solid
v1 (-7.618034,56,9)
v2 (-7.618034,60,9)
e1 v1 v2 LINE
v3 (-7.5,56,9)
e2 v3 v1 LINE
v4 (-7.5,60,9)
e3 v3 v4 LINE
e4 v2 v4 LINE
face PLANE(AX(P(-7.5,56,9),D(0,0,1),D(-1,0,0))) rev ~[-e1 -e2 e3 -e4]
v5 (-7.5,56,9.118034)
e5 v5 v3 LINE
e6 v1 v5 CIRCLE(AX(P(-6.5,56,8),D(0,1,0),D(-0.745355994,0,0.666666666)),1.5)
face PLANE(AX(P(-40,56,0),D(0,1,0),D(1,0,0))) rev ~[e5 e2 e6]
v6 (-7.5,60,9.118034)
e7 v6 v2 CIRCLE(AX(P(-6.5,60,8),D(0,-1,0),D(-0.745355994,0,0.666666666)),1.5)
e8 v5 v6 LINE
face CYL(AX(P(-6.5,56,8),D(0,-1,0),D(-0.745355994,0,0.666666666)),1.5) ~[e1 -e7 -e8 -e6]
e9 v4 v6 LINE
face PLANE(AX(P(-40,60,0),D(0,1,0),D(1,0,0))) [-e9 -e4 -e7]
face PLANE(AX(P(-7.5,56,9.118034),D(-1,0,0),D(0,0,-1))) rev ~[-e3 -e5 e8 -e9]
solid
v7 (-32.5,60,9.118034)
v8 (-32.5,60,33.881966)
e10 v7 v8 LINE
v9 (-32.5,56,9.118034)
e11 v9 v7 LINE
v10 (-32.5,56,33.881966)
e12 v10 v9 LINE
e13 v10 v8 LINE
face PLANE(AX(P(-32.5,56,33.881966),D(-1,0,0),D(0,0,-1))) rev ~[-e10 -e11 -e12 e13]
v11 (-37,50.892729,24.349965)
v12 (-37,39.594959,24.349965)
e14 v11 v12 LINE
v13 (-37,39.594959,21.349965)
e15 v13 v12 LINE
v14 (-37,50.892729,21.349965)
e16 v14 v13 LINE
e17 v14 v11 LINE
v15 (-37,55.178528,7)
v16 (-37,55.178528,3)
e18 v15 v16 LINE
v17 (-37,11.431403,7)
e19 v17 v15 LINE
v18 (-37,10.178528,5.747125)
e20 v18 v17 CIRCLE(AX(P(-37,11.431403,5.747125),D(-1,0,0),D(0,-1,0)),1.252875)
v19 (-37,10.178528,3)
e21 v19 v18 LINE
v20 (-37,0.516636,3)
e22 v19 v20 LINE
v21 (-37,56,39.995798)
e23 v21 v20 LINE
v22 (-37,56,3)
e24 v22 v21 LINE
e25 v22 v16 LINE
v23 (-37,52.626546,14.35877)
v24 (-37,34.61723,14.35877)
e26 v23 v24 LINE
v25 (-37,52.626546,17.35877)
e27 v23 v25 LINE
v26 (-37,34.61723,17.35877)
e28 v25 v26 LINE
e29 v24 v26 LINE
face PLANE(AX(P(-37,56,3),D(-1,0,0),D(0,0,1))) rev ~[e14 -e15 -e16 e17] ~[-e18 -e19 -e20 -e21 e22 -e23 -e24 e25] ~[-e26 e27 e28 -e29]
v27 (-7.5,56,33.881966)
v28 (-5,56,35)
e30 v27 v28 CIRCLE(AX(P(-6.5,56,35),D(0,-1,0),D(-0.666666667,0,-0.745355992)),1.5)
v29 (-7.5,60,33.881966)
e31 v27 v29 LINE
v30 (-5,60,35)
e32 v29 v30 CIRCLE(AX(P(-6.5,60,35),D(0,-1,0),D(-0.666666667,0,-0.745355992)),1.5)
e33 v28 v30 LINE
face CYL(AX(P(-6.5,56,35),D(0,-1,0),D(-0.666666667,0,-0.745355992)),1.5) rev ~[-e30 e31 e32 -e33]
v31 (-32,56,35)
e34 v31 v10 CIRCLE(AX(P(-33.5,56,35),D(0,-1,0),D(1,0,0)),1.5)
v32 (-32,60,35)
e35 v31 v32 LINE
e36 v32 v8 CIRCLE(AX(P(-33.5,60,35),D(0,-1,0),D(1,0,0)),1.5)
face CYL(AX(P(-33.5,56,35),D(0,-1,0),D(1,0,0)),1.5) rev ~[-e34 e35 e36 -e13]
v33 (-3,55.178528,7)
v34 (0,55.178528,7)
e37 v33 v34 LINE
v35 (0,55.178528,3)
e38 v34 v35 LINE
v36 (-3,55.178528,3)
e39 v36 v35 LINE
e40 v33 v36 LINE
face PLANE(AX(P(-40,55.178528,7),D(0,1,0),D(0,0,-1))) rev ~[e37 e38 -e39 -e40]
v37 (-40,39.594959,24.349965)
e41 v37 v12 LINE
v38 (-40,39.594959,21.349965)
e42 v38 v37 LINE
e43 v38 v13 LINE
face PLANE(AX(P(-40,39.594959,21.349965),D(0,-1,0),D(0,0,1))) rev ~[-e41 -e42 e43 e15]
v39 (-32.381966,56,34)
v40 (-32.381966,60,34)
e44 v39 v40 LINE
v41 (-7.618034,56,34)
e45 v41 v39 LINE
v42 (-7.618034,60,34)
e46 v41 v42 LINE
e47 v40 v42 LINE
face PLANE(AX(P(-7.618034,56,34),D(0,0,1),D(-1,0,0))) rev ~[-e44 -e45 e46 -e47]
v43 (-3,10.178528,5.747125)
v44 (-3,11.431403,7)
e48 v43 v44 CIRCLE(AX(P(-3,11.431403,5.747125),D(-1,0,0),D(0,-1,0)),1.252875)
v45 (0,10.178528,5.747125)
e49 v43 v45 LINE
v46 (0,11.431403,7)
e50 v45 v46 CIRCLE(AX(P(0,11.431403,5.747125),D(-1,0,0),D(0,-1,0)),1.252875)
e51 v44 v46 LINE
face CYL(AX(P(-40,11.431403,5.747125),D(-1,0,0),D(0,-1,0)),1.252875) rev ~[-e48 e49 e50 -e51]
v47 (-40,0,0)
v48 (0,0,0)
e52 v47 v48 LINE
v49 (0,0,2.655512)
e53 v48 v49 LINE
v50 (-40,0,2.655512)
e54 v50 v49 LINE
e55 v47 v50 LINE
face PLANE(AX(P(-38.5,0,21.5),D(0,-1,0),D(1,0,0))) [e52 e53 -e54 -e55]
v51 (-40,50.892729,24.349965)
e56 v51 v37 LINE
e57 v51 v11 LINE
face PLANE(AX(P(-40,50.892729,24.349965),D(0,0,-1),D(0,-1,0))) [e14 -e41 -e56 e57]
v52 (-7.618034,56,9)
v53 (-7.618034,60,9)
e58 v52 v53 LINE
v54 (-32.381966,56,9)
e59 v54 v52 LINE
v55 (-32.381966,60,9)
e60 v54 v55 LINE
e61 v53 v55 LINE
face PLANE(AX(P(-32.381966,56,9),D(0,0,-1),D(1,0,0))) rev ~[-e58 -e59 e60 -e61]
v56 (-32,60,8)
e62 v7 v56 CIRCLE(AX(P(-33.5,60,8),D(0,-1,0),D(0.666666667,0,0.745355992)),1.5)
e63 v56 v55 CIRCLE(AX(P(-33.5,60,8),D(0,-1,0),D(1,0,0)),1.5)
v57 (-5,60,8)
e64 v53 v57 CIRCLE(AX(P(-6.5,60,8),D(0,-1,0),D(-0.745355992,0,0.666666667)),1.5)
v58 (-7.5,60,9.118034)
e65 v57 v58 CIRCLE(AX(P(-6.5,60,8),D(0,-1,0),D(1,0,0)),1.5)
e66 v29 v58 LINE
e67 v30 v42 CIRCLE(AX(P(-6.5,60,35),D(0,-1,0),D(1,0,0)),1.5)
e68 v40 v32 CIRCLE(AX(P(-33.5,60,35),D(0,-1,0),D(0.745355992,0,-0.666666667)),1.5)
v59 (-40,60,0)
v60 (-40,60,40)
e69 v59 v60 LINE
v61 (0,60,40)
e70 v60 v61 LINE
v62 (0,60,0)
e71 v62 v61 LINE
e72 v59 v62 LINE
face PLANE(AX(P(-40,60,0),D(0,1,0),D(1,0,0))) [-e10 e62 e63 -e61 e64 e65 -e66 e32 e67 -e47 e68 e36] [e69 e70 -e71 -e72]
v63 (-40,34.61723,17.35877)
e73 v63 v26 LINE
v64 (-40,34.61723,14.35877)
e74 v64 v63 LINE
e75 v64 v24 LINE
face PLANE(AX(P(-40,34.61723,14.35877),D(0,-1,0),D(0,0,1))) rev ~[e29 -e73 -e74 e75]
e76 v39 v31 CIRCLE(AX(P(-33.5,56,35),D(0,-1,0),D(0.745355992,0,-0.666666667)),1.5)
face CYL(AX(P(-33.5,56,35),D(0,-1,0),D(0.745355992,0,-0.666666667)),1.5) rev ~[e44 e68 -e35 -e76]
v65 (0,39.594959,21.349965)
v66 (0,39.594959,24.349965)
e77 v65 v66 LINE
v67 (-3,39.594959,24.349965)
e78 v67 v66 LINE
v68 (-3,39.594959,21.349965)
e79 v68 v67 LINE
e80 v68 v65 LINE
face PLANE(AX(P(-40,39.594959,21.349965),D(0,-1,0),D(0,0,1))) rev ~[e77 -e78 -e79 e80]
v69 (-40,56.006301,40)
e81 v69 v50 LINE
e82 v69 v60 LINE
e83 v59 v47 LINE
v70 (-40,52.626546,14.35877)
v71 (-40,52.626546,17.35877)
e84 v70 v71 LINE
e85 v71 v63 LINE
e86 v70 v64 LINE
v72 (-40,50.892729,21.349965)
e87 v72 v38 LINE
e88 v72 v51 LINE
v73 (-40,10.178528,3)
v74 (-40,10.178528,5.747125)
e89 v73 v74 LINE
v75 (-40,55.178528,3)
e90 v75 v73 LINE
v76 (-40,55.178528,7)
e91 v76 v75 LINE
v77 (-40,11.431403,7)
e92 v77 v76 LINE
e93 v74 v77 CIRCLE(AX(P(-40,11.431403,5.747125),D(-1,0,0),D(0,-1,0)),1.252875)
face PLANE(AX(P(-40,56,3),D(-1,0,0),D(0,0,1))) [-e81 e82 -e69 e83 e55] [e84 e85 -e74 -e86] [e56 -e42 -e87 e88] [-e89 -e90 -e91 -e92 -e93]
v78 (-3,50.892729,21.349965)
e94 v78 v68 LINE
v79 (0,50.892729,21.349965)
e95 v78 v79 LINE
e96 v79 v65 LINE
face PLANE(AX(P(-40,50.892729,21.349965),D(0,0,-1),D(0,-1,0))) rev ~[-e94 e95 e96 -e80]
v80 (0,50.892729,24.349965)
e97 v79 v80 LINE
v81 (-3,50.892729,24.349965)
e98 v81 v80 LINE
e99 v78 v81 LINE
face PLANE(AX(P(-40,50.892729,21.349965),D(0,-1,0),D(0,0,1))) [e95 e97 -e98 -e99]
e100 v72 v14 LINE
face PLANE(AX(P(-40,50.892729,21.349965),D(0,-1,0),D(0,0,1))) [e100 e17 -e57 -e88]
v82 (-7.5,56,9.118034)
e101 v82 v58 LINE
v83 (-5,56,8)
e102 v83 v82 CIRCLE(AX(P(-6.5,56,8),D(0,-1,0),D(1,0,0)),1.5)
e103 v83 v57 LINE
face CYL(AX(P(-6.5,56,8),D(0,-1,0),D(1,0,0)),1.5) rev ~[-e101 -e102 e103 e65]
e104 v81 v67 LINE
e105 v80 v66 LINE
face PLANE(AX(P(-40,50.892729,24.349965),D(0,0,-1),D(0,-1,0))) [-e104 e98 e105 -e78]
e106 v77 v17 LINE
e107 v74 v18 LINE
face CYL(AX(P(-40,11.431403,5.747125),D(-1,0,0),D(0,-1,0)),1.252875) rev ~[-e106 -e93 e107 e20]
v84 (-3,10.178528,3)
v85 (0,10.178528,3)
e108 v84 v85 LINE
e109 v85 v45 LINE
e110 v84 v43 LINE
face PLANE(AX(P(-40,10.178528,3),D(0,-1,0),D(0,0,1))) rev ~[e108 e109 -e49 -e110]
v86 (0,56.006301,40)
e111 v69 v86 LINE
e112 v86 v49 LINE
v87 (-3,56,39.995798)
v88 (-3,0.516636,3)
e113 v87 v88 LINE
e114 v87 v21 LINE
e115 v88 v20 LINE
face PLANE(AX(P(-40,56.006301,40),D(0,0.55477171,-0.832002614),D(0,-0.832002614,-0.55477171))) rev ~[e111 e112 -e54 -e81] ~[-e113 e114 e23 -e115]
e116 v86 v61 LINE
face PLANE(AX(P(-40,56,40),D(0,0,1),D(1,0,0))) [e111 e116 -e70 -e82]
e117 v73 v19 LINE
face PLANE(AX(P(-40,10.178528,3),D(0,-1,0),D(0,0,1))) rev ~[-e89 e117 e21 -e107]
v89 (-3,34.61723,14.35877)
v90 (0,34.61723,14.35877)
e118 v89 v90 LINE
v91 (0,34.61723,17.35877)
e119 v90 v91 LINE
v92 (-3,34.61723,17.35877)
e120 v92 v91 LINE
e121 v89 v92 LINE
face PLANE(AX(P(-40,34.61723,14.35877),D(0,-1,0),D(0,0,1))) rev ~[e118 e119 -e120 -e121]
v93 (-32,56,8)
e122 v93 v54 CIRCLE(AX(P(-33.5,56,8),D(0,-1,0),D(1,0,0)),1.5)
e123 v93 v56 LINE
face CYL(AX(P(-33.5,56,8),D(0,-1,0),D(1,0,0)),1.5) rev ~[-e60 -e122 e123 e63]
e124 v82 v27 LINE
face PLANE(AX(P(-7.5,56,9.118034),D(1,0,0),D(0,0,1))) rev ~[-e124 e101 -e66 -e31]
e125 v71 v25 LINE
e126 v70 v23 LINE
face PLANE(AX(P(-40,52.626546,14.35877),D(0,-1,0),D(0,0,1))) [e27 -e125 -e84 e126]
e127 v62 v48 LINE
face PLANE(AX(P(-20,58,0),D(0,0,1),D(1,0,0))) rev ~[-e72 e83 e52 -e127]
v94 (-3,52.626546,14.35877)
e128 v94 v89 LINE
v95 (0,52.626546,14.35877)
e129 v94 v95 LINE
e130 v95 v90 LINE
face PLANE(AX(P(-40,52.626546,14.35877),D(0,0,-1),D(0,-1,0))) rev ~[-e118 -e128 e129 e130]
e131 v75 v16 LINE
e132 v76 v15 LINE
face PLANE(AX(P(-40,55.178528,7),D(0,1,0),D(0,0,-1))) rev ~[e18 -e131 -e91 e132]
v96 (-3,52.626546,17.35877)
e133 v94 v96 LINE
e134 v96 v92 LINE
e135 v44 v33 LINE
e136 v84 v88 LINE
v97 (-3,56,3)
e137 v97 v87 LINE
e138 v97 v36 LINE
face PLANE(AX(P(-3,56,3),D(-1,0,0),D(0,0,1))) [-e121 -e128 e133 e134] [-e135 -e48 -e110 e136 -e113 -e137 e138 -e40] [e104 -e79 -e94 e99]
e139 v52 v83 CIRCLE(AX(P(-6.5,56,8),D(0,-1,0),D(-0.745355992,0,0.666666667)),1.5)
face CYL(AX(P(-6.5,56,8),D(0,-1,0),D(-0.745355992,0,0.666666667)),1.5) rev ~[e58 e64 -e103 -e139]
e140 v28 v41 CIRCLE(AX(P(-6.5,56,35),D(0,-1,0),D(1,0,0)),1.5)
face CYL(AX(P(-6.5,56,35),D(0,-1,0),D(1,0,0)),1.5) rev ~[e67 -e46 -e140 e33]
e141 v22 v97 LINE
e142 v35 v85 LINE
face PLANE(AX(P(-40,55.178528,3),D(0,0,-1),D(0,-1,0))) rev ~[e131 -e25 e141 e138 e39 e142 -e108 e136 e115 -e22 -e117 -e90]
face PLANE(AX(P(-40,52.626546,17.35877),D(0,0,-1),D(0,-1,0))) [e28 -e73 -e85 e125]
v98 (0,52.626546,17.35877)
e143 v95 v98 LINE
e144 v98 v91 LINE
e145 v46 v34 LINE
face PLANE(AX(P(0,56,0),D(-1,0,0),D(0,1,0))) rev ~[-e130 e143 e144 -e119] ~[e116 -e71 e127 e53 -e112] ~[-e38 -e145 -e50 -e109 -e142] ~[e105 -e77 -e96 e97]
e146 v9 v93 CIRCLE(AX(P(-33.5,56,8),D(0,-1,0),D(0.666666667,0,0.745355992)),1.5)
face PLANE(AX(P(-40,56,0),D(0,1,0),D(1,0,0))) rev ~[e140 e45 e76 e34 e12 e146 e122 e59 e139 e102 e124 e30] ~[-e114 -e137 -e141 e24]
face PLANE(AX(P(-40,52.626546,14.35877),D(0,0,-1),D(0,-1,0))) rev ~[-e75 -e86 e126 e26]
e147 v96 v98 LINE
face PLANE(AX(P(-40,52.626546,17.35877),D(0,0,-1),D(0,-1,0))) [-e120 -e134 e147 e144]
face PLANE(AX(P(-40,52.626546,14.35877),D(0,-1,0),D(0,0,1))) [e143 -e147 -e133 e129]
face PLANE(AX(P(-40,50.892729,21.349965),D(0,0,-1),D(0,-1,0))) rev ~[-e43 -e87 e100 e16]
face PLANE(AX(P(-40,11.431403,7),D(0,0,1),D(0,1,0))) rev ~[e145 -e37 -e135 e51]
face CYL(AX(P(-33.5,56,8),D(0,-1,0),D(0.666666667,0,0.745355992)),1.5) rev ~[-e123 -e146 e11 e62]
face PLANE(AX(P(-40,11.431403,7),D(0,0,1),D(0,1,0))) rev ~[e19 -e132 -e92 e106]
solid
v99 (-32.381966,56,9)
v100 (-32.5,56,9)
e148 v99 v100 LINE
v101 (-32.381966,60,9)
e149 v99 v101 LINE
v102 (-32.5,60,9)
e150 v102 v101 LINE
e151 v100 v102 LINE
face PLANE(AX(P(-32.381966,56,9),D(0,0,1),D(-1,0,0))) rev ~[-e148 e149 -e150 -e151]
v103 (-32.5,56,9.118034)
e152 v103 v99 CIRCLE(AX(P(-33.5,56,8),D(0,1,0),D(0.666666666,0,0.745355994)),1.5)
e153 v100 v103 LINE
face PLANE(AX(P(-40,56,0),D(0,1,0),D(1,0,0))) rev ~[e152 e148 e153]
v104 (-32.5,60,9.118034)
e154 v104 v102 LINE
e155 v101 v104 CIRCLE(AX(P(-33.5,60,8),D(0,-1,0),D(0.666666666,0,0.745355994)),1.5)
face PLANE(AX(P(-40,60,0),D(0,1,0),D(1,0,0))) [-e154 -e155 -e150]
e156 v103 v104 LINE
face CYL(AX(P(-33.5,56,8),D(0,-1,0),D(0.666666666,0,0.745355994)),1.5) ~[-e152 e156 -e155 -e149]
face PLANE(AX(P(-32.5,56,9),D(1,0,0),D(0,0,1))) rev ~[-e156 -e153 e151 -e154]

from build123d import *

# Parameters (mm, degrees)
F0_W      = 40
F0_H      = 56
F1_DEPTH  = 3
F0_H_2    = 4
F2_DEPTH  = 40
F3_W      = 3
F3_H      = 37
F4_DEPTH  = 56
F6_DEPTH  = 40.001
F8_DEPTH  = 4.001
F9_W      = 11.2977698445
F9_H      = 3
F9_W_2    = 18.0093161762
F10_DEPTH = 40.001


with BuildPart() as f1:
    # F0 (on Top) → F1 (new body)
    with BuildSketch(Plane.XY):
        with Locations((-20, 28)):
            Rectangle(F0_W, F0_H)
    extrude(amount=F1_DEPTH)

    # F0 (on Top) → F2 (join)
    with BuildSketch(Plane.XY):
        with Locations((-20, 58)):
            Rectangle(F0_W, F0_H_2)
    extrude(amount=F2_DEPTH)

    # F3 (on face) → F4 (join)
    with BuildSketch(Plane.XZ.offset(-56)):
        with Locations((-38.5, 21.5)):
            Rectangle(F3_W, F3_H)
        with Locations((-1.5, 21.5)):
            Rectangle(F3_W, F3_H)
    extrude(amount=F4_DEPTH)

    # F5 (on face) → F6 (cut, through all)
    with BuildSketch(Plane(origin=(-40, 0, 0), x_dir=(0, -1, 0), z_dir=(-1, 0, 0))):
        Polygon((0, 40), (-56.0063011944, 40), (0, 2.6555121876), align=None)
    extrude(amount=-F6_DEPTH, mode=Mode.SUBTRACT)

    # F7 (on face) → F8 (cut, through all)
    with BuildSketch(Plane.XZ.offset(-56)):
        with BuildLine():
            Line((-32.3819660113, 34), (-32.5, 34))
            Line((-32.5, 34), (-32.5, 33.8819660113))
            ThreePointArc((-32.5, 33.8819660113), (-32.4393398282, 33.9393398282), (-32.3819660113, 34))
        make_face()
        with BuildLine():
            Line((-7.6180339887, 34), (-32.3819660113, 34))
            ThreePointArc((-32.3819660113, 34), (-32.4393398282, 33.9393398282), (-32.5, 33.8819660113))
            Line((-32.5, 33.8819660113), (-32.5, 9.1180339887))
            ThreePointArc((-32.5, 9.1180339887), (-32.4393398282, 9.0606601718), (-32.3819660113, 9))
            Line((-32.3819660113, 9), (-7.6180339887, 9))
            ThreePointArc((-7.6180339887, 9), (-7.5606601718, 9.0606601718), (-7.5, 9.1180339887))
            Line((-7.5, 9.1180339887), (-7.5, 33.8819660113))
            ThreePointArc((-7.5, 33.8819660113), (-7.5606601718, 33.9393398282), (-7.6180339887, 34))
        make_face()
        with BuildLine():
            Line((-7.5, 34), (-7.6180339887, 34))
            ThreePointArc((-7.6180339887, 34), (-7.5606601718, 33.9393398282), (-7.5, 33.8819660113))
            Line((-7.5, 33.8819660113), (-7.5, 34))
        make_face()
        with BuildLine():
            Line((-32.5, 33.8819660113), (-32.5, 34))
            Line((-32.5, 34), (-32.3819660113, 34))
            ThreePointArc((-32.3819660113, 34), (-32.0987414616, 34.4647668653), (-32, 35))
            ThreePointArc((-32, 35), (-34.8693063938, 35.6123724357), (-32.5, 33.8819660113))
        make_face()
        with BuildLine():
            Line((-32.5, 9), (-32.5, 9.1180339887))
            ThreePointArc((-32.5, 9.1180339887), (-34.8693063938, 7.3876275643), (-32, 8))
            ThreePointArc((-32, 8), (-32.0987414616, 8.5352331347), (-32.3819660113, 9))
            Line((-32.3819660113, 9), (-32.5, 9))
        make_face()
        with BuildLine():
            ThreePointArc((-5, 35), (-7.0352331347, 36.4012585384), (-7.6180339887, 34))
            Line((-7.6180339887, 34), (-7.5, 34))
            Line((-7.5, 34), (-7.5, 33.8819660113))
            ThreePointArc((-7.5, 33.8819660113), (-5.8876275643, 33.6306936062), (-5, 35))
        make_face()
        with BuildLine():
            ThreePointArc((-5, 8), (-5.8876275643, 9.3693063938), (-7.5, 9.1180339887))
            Line((-7.5, 9.1180339887), (-7.5, 9))
            Line((-7.5, 9), (-7.6180339887, 9))
            ThreePointArc((-7.6180339887, 9), (-7.0352331347, 6.5987414616), (-5, 8))
        make_face()
    extrude(amount=-F8_DEPTH, mode=Mode.SUBTRACT)

    # F9 (on face) → F10 (cut, through all)
    with BuildSketch(Plane(origin=(-40, 0, 0), x_dir=(0, -1, 0), z_dir=(-1, 0, 0))):
        with BuildLine():
            Line((-55.1785277575, 7), (-55.1785277575, 3))
            Line((-55.1785277575, 3), (-10.1785277575, 3))
            Line((-10.1785277575, 3), (-10.1785277575, 5.7471251963))
            ThreePointArc((-10.1785277575, 5.7471251963), (-10.5454862916, 6.633041466), (-11.4314025613, 7))
            Line((-11.4314025613, 7), (-55.1785277575, 7))
        make_face()
        with Locations((-45.2438443899, 22.8499646634)):
            Rectangle(F9_W, F9_H)
        with Locations((-43.6218883842, 15.8587701023)):
            Rectangle(F9_W_2, F9_H)
    extrude(amount=-F10_DEPTH, mode=Mode.SUBTRACT)


solid = f1.part
